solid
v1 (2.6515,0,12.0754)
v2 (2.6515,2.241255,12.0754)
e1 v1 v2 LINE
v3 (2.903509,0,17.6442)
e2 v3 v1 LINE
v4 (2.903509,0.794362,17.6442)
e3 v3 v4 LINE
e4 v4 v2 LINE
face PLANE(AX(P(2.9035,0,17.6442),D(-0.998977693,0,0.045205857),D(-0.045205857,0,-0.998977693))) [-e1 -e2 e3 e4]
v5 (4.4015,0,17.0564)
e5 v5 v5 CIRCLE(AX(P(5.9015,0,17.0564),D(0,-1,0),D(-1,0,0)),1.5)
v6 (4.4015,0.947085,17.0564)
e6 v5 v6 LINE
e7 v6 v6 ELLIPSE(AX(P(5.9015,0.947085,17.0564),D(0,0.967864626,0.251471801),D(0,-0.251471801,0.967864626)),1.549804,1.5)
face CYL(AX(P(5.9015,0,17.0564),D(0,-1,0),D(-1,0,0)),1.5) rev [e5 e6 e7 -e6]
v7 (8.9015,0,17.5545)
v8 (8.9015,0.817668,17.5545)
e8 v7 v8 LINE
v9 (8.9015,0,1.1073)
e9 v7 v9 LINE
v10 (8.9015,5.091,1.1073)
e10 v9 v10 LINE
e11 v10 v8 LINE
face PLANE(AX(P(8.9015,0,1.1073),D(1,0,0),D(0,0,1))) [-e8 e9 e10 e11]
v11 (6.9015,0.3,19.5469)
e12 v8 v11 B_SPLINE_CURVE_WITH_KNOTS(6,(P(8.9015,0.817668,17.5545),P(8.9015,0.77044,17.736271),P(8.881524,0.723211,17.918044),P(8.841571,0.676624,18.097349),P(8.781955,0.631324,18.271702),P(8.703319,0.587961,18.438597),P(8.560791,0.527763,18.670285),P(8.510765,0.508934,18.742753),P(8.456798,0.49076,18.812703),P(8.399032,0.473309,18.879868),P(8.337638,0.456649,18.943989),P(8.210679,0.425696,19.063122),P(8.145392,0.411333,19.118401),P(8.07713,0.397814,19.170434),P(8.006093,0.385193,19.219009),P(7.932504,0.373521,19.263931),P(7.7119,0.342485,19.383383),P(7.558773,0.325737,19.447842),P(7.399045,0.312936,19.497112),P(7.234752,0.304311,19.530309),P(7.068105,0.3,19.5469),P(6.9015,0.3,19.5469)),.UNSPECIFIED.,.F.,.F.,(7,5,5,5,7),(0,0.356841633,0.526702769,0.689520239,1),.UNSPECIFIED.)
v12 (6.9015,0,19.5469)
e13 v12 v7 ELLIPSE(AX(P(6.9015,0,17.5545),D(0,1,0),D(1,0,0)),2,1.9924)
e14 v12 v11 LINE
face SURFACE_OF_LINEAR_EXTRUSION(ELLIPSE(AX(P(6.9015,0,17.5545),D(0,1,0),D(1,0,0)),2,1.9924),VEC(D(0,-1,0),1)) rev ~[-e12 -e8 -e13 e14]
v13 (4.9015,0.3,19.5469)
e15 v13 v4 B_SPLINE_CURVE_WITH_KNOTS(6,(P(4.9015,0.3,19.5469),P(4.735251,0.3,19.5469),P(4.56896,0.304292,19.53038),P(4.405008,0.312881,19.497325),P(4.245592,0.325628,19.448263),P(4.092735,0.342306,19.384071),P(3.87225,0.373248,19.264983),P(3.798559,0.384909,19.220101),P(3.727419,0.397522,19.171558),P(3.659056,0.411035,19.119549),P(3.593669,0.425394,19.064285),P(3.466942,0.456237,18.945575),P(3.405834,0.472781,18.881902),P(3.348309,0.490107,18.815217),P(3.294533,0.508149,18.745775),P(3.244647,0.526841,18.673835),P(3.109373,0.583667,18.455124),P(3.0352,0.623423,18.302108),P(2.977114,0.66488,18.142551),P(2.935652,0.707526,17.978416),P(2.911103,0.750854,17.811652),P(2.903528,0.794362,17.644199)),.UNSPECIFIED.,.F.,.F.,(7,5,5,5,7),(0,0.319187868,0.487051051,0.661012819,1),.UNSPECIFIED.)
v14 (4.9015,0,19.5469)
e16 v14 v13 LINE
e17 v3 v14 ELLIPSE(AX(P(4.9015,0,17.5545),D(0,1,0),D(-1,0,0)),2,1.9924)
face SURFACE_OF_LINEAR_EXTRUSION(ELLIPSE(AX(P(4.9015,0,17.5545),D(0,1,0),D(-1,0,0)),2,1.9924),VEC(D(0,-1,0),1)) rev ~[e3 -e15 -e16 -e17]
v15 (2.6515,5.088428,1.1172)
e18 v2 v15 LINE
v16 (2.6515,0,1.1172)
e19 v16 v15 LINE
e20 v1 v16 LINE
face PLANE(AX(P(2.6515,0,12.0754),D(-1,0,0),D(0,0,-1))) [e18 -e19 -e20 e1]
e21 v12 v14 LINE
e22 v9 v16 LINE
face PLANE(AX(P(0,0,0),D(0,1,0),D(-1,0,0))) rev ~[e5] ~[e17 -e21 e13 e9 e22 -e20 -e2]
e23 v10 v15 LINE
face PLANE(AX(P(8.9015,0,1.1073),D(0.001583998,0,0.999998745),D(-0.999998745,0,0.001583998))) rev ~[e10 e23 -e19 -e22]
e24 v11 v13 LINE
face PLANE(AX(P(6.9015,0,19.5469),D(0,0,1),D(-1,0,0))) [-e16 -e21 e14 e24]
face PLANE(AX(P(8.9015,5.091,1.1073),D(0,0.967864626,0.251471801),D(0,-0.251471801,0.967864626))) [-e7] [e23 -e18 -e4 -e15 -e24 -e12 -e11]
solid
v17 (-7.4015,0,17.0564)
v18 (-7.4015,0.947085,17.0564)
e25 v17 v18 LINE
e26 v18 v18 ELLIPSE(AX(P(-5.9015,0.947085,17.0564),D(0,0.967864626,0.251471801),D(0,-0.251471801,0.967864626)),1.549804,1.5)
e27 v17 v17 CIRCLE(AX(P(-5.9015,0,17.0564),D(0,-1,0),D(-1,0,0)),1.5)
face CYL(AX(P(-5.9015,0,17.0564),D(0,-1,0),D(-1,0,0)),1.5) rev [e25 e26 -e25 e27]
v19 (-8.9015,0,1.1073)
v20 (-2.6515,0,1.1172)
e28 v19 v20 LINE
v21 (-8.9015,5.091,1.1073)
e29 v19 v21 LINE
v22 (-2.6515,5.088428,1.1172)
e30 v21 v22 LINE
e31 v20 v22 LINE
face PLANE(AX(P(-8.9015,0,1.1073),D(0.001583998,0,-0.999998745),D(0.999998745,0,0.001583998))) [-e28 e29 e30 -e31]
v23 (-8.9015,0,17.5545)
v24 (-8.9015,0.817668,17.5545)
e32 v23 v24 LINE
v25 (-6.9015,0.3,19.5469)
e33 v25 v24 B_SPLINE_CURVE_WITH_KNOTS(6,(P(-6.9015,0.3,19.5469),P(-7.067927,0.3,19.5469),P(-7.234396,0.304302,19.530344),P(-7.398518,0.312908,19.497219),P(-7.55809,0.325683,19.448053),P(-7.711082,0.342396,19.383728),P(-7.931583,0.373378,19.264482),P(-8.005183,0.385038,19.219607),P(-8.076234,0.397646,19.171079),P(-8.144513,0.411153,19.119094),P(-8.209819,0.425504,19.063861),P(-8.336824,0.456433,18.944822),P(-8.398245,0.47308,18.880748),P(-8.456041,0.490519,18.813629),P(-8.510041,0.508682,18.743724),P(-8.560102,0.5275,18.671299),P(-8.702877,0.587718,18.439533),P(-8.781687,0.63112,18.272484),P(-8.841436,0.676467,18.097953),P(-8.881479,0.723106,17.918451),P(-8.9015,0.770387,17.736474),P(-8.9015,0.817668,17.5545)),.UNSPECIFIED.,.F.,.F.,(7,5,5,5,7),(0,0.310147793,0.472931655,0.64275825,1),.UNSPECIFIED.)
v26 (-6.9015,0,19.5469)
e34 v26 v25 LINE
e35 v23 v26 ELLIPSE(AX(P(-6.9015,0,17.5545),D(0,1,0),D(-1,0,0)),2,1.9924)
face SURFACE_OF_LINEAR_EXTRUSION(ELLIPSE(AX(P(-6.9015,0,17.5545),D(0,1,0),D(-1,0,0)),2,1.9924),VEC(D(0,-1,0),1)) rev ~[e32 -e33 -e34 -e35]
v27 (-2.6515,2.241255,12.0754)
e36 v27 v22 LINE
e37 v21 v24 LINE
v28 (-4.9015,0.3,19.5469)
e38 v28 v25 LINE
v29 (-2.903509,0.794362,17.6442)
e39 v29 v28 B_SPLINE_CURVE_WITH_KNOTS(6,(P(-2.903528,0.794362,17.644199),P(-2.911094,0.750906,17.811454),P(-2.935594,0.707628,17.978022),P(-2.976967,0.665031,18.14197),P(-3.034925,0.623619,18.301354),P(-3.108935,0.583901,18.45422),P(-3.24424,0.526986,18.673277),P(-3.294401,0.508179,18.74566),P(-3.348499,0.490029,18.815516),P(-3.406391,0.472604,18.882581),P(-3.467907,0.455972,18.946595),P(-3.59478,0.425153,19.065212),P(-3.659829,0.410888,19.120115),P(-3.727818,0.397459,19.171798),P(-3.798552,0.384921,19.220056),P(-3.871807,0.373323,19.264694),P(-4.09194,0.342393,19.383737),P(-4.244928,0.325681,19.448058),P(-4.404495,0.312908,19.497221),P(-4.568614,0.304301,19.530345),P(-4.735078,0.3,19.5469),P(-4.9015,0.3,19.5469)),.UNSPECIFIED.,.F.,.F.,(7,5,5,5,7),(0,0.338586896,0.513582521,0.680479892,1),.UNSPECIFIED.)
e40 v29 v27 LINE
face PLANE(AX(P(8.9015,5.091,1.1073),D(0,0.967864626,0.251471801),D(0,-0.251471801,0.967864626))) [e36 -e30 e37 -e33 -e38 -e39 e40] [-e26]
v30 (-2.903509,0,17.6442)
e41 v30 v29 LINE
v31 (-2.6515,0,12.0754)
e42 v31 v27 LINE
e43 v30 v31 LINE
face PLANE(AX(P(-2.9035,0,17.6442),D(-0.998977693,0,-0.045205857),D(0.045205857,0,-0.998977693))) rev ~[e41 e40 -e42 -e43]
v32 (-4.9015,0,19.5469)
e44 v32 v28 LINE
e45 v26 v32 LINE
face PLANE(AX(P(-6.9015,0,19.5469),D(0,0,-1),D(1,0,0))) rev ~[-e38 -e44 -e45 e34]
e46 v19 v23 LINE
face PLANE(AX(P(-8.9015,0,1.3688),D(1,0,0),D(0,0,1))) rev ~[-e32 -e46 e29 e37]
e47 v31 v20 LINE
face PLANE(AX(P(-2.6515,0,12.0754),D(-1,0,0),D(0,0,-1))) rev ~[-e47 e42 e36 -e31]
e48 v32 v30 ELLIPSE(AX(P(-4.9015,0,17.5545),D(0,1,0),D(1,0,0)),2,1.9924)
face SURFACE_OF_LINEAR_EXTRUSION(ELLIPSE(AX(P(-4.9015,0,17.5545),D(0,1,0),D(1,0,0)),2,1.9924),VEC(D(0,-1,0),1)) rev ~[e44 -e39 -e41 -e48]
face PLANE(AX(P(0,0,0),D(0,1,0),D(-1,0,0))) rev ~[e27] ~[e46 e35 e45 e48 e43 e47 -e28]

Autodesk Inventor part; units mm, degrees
ref_plane "YZ Plane" through (0, 0, 0) normal (1, 0, 0) x (0, 1, 0)
ref_plane "XZ Plane" through (0, 0, 0) normal (0, 1, 0) x (-1, 0, 0)
ref_plane "XY Plane" through (0, 0, 0) normal (0, 0, 1) x (1, 0, 0)
sketch "Sketch1" plane through (0, 0, 0) normal (0, 1, 0) x (-1, 0, 0)
  line L0 (-8.9015, 1.1073) -> (-8.9015, 17.5545)
  line L1 (-2.6515, 1.1073) -> (-8.9015, 1.1073)
  line L2 (-2.6515, 12.0754) -> (-2.6515, 1.1172)
  line L3 (-2.9035, 17.6442) -> (-2.6515, 12.0754)
  ellipse E0 centre (-4.9015, 17.5545) end of major axis (-2.9015, 17.5545) minor radius 1.9924 (-2.9035, 17.6442) -> (-4.9015, 19.5469) ccw
  line L4 (-6.9015, 19.5469) -> (-4.9015, 19.5469)
  ellipse E1 centre (-6.9015, 17.5545) end of major axis (-8.9015, 17.5545) minor radius 1.9924 (-6.9015, 19.5469) -> (-8.9015, 17.5545) ccw
  ellipse E2 centre (-5.9015, 17.0564) end of major axis (-4.4015, 17.0564) minor radius 1.4943
  line L5 (-8.9015, 1.1073) -> (-8.9015, 1.3688)
  line L6 (-8.9015, 1.1073) -> (-2.6515, 1.1172)
  line L7 (-2.6515, 1.1172) -> (-2.6515, 12.0754)
  line L8 (-2.6515, 12.0754) -> (-2.9035, 17.6442)
  line L9 (-8.9015, 1.1073) -> (-8.9015, 17.5545)
  line L10 (-6.9015, 19.5469) -> (-4.9015, 19.5469)
  circle A0 centre (-5.9015, 17.0564) radius 1.5
  line L11 (8.9015, 1.1073) -> (8.9015, 17.5545)
  line L12 (2.6515, 1.1073) -> (8.9015, 1.1073)
  line L13 (2.6515, 12.0754) -> (2.6515, 1.1172)
  line L14 (2.9035, 17.6442) -> (2.6515, 12.0754)
  ellipse E3 centre (4.9015, 17.5545) end of major axis (2.9015, 17.5545) minor radius 1.9924 (4.9015, 19.5469) -> (2.9035, 17.6442) ccw
  line L15 (6.9015, 19.5469) -> (4.9015, 19.5469)
  ellipse E4 centre (6.9015, 17.5545) end of major axis (8.9015, 17.5545) minor radius 1.9924 (8.9015, 17.5545) -> (6.9015, 19.5469) ccw
  ellipse E5 centre (5.9015, 17.0564) end of major axis (4.4015, 17.0564) minor radius 1.4943
  line L16 (8.9015, 1.1073) -> (8.9015, 1.3688)
  line L17 (8.9015, 1.1073) -> (2.6515, 1.1172)
  line L18 (2.6515, 1.1172) -> (2.6515, 12.0754)
  line L19 (2.6515, 12.0754) -> (2.9035, 17.6442)
  line L20 (8.9015, 1.1073) -> (8.9015, 17.5545)
  line L21 (6.9015, 19.5469) -> (4.9015, 19.5469)
  circle A1 centre (5.9015, 17.0564) radius 1.5
  point P0 (0, 0)
  point P1 (-18.0813, 13.3212)
extrude "Extrusion1" add sketch "Sketch1" along normal blind 10
sketch "Sketch2" plane through (8.9015, 0, 17.5545) normal (1, 0, 0) x (0, 0, -1)
  line L0 (16.4472, 5.091) -> (-1.9924, 0.3)
  line L1 (16.4472, 5.091) -> (16.4472, 13.2162)
  line L2 (16.4472, 13.2162) -> (-1.9924, 13.2162)
  line L3 (-1.9924, 13.2162) -> (-1.9924, 0.3)
  line L4 (0, 0) -> (-1.9924, 0) projected
  point P0 (17.5545, 0)
  point P1 (16.4472, 0)
  dimension "d5" = 5.091
  dimension "d8" = 0.3
extrude "Extrusion2" cut sketch "Sketch2" against normal through all
properties part number "15degree spacer"
